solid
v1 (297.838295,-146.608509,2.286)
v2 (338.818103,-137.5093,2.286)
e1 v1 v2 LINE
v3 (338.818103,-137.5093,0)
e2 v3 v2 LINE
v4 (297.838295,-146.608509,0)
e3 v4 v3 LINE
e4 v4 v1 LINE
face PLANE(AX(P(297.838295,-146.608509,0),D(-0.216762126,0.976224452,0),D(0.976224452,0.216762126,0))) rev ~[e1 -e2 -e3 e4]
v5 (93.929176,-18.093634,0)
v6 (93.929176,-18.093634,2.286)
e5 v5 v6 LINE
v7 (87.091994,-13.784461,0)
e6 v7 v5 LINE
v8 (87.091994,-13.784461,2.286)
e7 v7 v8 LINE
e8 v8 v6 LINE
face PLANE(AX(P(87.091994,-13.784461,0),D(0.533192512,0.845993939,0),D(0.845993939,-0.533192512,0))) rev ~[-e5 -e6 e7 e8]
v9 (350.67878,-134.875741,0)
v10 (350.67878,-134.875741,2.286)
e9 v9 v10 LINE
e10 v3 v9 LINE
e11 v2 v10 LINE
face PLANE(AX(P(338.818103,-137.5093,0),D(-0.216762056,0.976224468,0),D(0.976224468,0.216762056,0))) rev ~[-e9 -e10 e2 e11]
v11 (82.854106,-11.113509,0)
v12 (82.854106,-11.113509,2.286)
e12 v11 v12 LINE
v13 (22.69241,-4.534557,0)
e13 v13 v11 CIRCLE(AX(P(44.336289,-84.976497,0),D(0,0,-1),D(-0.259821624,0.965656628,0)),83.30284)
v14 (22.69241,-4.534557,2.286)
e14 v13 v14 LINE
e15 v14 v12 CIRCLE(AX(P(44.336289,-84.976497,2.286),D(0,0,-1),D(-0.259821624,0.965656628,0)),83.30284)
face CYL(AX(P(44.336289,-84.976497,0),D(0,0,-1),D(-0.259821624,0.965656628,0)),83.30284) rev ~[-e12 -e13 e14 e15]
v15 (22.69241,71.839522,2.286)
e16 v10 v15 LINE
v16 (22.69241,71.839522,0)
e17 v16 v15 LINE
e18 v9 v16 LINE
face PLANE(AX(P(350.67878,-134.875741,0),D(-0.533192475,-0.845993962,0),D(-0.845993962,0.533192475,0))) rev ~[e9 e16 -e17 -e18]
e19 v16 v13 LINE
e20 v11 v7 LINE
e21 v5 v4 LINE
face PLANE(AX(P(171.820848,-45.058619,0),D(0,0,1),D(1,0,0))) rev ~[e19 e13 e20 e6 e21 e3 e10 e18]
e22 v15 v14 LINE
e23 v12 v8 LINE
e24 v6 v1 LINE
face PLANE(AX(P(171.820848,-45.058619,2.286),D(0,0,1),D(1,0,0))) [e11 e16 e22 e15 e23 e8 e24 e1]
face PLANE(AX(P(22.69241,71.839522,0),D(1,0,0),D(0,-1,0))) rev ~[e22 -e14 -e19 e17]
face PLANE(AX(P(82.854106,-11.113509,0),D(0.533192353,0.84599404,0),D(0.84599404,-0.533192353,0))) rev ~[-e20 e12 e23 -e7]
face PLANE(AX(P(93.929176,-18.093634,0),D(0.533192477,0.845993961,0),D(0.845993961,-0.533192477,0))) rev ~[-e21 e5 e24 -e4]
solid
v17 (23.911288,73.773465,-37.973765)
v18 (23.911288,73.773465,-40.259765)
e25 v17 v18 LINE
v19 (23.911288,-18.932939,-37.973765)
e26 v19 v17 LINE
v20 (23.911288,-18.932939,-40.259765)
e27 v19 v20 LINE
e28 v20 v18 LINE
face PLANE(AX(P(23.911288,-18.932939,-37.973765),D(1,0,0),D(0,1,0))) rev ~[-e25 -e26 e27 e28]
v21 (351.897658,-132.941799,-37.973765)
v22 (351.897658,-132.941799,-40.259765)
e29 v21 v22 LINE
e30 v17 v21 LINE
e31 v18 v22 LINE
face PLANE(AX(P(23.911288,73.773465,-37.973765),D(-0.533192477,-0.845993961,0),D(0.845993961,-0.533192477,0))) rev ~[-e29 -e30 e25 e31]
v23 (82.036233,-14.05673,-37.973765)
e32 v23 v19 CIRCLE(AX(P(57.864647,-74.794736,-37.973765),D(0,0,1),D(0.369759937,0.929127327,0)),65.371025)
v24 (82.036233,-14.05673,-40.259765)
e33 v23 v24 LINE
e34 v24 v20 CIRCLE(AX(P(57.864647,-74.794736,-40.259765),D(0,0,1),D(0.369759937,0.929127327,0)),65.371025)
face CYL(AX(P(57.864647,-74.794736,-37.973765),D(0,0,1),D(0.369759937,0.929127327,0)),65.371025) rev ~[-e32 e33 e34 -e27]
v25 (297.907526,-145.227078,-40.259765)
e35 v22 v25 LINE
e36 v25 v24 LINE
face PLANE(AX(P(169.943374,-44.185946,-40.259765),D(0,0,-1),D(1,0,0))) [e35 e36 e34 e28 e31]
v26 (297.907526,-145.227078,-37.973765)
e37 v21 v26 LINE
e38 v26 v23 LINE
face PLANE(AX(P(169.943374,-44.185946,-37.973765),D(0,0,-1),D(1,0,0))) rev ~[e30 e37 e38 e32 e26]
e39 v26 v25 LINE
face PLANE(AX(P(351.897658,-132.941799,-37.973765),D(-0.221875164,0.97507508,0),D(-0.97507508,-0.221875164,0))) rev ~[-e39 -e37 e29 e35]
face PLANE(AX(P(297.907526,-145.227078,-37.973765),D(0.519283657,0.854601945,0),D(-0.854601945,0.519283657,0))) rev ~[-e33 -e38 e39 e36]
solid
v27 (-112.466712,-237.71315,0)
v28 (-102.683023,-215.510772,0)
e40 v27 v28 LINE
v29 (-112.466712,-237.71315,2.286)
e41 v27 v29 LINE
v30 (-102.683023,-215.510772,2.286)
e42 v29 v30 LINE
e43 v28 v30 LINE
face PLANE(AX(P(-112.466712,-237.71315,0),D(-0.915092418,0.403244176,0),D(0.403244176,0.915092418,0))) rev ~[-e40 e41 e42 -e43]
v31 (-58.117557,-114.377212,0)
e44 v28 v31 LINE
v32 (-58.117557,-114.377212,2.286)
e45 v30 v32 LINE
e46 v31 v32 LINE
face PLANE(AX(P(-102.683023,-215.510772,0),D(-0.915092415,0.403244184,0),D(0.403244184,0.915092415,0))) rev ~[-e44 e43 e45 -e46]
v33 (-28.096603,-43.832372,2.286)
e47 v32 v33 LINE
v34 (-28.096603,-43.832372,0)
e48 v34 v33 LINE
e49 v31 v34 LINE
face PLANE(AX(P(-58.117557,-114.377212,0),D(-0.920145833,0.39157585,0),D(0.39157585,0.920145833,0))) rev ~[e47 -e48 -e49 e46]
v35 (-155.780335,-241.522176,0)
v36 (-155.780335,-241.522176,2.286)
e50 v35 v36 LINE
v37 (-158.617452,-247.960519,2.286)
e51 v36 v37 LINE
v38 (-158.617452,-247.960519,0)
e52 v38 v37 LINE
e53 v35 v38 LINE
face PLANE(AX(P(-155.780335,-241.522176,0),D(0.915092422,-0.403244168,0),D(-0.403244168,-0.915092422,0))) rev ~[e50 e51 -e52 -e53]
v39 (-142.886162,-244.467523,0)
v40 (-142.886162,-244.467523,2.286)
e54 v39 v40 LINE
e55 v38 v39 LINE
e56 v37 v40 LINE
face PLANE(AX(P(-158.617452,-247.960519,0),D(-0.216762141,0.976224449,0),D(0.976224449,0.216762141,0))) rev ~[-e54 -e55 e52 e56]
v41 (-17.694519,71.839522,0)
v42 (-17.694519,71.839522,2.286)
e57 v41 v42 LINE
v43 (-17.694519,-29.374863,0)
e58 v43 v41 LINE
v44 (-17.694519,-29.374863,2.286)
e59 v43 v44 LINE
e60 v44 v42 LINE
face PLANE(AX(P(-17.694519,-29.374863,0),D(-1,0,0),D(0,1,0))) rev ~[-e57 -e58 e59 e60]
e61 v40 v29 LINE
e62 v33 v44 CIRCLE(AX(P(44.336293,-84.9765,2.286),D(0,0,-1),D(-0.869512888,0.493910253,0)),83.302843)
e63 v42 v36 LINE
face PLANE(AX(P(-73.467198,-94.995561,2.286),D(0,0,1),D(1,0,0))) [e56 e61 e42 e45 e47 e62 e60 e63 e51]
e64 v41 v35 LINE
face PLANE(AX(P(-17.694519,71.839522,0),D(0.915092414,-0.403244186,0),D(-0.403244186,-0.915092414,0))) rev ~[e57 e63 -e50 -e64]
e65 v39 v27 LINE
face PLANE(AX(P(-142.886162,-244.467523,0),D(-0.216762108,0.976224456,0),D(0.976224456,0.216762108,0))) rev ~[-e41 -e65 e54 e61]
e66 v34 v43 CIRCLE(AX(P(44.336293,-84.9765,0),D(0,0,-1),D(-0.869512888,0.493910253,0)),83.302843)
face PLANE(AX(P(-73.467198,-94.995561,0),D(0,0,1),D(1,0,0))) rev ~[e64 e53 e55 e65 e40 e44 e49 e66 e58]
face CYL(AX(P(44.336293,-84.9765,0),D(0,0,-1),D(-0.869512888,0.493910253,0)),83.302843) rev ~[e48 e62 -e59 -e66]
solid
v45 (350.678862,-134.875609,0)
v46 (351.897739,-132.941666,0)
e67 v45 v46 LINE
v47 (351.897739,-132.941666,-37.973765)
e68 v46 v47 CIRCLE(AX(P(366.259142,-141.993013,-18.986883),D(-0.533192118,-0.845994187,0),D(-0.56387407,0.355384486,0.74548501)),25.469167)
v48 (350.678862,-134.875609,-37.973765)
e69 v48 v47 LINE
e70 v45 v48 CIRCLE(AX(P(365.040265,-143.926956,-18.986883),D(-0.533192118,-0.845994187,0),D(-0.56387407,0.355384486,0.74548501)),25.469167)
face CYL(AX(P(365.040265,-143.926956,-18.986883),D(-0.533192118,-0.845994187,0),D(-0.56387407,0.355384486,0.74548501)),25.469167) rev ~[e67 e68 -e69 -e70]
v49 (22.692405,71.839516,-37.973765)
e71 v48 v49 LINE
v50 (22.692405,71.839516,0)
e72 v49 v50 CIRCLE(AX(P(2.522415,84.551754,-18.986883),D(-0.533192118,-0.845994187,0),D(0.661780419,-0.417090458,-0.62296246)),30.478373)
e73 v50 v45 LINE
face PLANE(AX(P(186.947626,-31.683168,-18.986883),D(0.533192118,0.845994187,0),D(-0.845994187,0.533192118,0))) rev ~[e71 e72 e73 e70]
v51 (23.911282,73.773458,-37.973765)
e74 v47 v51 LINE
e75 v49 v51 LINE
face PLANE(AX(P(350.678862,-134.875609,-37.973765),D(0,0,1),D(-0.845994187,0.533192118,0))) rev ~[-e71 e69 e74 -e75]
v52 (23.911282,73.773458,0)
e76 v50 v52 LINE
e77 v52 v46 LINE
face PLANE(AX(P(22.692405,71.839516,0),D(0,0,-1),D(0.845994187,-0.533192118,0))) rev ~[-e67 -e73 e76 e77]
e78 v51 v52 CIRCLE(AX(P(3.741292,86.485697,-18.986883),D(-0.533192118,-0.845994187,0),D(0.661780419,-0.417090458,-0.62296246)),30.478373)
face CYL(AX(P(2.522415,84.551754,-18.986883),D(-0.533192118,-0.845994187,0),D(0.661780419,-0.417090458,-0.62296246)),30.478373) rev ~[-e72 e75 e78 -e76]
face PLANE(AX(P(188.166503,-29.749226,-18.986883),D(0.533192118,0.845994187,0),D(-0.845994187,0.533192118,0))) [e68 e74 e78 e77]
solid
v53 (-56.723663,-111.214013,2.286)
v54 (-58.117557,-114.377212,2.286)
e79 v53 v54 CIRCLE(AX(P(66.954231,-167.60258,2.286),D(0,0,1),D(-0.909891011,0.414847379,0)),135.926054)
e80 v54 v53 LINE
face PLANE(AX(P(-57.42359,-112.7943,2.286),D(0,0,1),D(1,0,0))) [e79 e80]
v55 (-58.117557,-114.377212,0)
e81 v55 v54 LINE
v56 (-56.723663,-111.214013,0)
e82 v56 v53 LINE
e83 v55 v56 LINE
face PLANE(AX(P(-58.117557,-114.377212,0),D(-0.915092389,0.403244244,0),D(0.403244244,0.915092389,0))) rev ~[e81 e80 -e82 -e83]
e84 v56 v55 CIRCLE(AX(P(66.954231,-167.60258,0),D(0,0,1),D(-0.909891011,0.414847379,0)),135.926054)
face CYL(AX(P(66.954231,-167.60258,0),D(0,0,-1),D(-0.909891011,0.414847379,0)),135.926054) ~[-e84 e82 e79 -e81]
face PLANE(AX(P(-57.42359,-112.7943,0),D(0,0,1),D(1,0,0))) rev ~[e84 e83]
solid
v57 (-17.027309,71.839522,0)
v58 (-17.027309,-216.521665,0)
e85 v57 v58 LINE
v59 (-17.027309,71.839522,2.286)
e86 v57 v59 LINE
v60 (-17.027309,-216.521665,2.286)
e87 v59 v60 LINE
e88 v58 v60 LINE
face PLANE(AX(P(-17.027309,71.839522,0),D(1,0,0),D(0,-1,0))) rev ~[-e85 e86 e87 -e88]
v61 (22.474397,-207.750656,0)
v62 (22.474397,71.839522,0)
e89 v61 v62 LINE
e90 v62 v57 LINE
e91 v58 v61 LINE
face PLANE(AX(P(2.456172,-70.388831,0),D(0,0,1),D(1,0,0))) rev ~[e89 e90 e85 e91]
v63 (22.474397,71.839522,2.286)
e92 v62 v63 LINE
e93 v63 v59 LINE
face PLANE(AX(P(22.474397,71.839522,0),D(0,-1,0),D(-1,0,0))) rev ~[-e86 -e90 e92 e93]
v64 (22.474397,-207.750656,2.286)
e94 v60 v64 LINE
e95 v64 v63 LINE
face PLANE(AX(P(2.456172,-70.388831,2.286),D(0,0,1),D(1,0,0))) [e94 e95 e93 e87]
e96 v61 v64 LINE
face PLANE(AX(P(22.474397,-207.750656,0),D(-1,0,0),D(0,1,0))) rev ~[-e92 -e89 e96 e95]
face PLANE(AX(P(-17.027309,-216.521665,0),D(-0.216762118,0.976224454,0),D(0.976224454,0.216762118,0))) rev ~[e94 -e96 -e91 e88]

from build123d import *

# Parameters (mm, degrees)
F1_DEPTH = 2.286
F3_DEPTH = 2.286
F5_DEPTH = 2.286


with BuildPart() as f1:
    # F0 (on Top) → F1 (new body)
    with BuildSketch(Plane.XY):
        with BuildLine():
            ThreePointArc((-56.723663, -111.214013), (-57.430666, -112.791182), (-58.117557, -114.377212))
            Line((-58.117557, -114.377212), (-56.723663, -111.214013))
        make_face()
        Polygon((22.474397, 71.839522), (-17.027309, 71.839522), (-17.027309, -216.521665), (22.474397, -207.750656), align=None)
        with BuildLine():
            Line((-17.694519, -22.644171), (-17.694519, 61.457966))
            Line((-17.694519, 61.457966), (-17.694519, 71.839522))
            Line((-17.694519, 71.839522), (-155.780335, -241.522176))
            ThreePointArc((-155.780335, -241.522176), (-148.931893, -241.237791), (-142.886162, -244.467523))
            Line((-142.886162, -244.467523), (-112.466712, -237.71315))
            Line((-112.466712, -237.71315), (-102.683023, -215.510772))
            Line((-102.683023, -215.510772), (-58.117557, -114.377212))
            Line((-58.117557, -114.377212), (-28.096603, -43.832372))
            ThreePointArc((-28.096603, -43.832372), (-23.283061, -36.324813), (-17.694519, -29.374863))
            Line((-17.694519, -29.374863), (-17.694519, -22.644171))
        make_face()
        with BuildLine():
            ThreePointArc((-142.886162, -244.467523), (-148.931893, -241.237791), (-155.780335, -241.522176))
            Line((-155.780335, -241.522176), (-158.617452, -247.960519))
            Line((-158.617452, -247.960519), (-142.886162, -244.467523))
        make_face()
        with BuildLine():
            Line((350.67878, -134.875741), (22.69241, 71.839522))
            Line((22.69241, 71.839522), (22.69241, 61.457966))
            Line((22.69241, 61.457966), (22.69241, -4.534557))
            ThreePointArc((22.69241, -4.534557), (53.391845, -2.167318), (82.854106, -11.113509))
            Line((82.854106, -11.113509), (87.091994, -13.784461))
            ThreePointArc((87.091994, -13.784461), (90.589179, -15.814345), (93.929176, -18.093634))
            Line((93.929176, -18.093634), (297.838295, -146.608509))
            Line((297.838295, -146.608509), (338.818103, -137.5093))
            Line((338.818103, -137.5093), (350.67878, -134.875741))
        make_face()
        with BuildLine():
            ThreePointArc((93.929176, -18.093634), (90.589179, -15.814345), (87.091994, -13.784461))
            Line((87.091994, -13.784461), (93.929176, -18.093634))
        make_face()
    extrude(amount=F1_DEPTH)


with BuildPart() as f3:
    # F2 (on face) → F3 (new body)
    with BuildSketch(Plane(origin=(38.856521, 61.652, 0), x_dir=(-0.845994, 0.533192, 0), z_dir=(0.533192, 0.845994, 0))):
        with BuildLine():
            ThreePointArc((19.106651, -37.973765), (12.470038, -18.986883), (19.106651, 0))
            Line((19.106651, 0), (-368.58686, 0))
            ThreePointArc((-368.58686, 0), (-360.093463, -18.986883), (-368.58686, -37.973765))
            Line((-368.58686, -37.973765), (19.106651, -37.973765))
        make_face()
    extrude(amount=F3_DEPTH)


with BuildPart() as f5:
    # F4 (on face) → F5 (new body)
    with BuildSketch(Plane(origin=(0, 0, -37.973765), x_dir=(1, 0, 0), z_dir=(0, 0, -1))):
        with BuildLine():
            Line((23.911288, 18.932939), (23.911288, -73.773465))
            Line((23.911288, -73.773465), (351.897658, 132.941799))
            Line((351.897658, 132.941799), (297.907526, 145.227078))
            Line((297.907526, 145.227078), (82.036233, 14.05673))
            ThreePointArc((82.036233, 14.05673), (52.399748, 9.652539), (23.911288, 18.932939))
        make_face()
    extrude(amount=F5_DEPTH)


solid = Compound([f1.part, f3.part, f5.part])
